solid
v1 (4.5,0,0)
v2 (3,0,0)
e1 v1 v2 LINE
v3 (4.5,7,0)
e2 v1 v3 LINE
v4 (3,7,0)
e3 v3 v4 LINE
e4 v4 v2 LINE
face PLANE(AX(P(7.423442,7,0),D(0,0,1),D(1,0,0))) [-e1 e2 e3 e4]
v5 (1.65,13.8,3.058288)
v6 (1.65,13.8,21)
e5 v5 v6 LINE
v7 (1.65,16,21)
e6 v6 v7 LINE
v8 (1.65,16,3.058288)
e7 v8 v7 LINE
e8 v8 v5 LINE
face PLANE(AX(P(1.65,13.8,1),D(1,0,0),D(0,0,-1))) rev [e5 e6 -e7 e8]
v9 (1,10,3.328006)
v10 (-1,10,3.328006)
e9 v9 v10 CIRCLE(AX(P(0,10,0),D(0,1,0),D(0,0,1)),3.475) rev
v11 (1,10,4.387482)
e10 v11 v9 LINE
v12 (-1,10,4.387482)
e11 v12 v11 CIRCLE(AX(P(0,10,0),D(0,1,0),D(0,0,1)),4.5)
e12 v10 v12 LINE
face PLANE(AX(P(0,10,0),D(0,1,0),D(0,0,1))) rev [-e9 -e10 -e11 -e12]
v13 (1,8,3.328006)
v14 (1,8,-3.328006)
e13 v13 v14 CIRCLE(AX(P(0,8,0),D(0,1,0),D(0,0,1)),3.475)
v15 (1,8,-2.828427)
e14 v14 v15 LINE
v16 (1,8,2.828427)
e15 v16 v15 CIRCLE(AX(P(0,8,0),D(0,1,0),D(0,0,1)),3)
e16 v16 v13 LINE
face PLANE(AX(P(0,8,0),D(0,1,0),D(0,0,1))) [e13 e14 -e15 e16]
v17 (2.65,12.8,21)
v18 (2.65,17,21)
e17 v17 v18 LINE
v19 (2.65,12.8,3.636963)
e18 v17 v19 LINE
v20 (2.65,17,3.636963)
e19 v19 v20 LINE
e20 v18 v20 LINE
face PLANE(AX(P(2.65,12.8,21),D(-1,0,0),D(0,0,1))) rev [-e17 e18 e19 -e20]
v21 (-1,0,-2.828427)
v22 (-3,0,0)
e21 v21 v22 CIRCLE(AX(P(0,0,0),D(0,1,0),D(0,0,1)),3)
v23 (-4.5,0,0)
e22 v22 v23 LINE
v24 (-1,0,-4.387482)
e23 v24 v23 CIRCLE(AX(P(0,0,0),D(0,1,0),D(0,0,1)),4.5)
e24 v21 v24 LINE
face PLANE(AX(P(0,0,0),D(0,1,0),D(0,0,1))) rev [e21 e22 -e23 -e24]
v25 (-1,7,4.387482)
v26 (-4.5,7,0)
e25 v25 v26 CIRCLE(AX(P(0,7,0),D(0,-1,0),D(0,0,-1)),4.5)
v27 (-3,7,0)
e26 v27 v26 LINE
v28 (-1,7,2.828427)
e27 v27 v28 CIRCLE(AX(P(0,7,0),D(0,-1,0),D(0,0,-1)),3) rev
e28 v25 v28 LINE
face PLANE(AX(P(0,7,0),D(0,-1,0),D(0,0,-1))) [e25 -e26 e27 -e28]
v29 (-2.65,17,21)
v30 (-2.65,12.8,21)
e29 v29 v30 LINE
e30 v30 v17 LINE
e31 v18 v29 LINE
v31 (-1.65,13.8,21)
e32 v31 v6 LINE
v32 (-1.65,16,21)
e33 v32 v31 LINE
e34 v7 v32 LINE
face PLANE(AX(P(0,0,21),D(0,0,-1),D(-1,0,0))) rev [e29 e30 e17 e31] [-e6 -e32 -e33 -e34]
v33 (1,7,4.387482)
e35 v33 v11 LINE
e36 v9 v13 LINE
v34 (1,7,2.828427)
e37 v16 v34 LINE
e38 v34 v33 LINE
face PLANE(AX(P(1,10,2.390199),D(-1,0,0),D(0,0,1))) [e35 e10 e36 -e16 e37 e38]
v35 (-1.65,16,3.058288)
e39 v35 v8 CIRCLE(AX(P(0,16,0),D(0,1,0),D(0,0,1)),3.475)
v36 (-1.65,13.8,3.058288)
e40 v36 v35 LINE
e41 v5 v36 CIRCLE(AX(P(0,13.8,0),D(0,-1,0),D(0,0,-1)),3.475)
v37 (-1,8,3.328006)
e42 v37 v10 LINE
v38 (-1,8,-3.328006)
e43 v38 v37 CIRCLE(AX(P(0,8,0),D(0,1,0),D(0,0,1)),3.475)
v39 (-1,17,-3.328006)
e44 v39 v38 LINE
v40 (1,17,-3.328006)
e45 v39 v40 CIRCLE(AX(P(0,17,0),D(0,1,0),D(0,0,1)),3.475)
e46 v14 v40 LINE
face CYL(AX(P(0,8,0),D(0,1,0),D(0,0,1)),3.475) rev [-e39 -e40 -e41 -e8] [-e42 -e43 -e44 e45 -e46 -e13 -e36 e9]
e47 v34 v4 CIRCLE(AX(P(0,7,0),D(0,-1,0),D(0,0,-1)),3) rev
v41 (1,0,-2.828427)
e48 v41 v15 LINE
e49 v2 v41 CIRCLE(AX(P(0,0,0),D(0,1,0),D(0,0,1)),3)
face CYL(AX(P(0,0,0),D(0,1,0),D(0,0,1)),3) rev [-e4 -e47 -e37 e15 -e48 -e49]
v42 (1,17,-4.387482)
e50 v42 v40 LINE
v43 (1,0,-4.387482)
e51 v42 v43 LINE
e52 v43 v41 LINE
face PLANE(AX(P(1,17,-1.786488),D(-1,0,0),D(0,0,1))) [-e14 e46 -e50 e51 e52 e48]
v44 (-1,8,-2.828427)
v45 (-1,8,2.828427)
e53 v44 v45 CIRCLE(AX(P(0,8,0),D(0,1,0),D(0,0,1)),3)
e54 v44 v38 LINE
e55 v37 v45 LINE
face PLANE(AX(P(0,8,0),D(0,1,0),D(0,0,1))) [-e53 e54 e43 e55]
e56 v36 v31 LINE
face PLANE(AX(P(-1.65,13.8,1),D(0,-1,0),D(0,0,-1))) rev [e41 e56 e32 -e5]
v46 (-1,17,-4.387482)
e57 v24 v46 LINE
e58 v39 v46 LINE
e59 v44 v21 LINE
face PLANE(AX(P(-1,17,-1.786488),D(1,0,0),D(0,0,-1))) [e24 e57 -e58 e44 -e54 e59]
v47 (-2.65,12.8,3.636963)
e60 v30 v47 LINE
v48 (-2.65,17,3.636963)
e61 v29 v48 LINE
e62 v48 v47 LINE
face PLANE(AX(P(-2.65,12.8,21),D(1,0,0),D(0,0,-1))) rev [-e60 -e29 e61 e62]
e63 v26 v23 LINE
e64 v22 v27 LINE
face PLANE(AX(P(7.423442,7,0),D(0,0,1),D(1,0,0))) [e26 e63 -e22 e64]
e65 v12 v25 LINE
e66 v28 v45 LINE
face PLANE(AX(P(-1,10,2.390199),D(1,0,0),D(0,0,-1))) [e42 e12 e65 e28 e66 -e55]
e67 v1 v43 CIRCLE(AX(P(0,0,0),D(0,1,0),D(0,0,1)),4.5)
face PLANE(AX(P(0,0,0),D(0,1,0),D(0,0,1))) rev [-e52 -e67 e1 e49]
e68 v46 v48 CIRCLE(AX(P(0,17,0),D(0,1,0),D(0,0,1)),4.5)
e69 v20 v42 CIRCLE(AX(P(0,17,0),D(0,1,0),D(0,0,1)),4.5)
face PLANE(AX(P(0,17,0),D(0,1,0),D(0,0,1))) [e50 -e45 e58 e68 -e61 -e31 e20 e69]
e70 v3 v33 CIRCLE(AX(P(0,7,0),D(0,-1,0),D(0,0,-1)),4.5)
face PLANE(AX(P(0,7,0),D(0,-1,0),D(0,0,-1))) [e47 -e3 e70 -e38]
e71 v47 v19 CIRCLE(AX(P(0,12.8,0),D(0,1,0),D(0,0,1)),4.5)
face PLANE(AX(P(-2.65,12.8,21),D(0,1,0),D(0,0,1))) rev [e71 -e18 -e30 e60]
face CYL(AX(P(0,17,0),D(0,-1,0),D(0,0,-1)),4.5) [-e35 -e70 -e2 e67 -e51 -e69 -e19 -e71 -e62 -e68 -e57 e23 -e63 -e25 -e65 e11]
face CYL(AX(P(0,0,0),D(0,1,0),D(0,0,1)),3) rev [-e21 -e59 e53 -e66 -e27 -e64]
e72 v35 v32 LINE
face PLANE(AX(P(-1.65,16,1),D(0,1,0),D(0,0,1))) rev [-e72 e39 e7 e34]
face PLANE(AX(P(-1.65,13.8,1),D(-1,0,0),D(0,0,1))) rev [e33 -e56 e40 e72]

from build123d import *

# Parameters (mm, degrees)
SKETCH5_R                = 4.5
BOSS_EXTRUDE2_DEPTH      = 17
SKETCH6_R                = 3.475
CUT_EXTRUDE2_DEPTH       = 9
SKETCH7_R                = 3
CUT_EXTRUDE3_DEPTH       = 9
SKETCH8_W                = 5.3
SKETCH8_H                = 4.2
BOSS_EXTRUDE3_DEPTH      = 18
SKETCH9_W                = 3.3
SKETCH9_H                = 2.2
CUT_EXTRUDE7_DEPTH       = 20
SKETCH22_W               = 2
SKETCH22_H               = 4.219602282
CUT_EXTRUDE17_DEPTH      = 10
SKETCH23_W               = 15.323048642
SKETCH23_H               = 5.208319784
CUT_EXTRUDE18_DEPTH      = 7
SKETCH24_W               = 2
SKETCH24_H               = 5.427023282
CUT_EXTRUDE19_DEPTH      = 18
CUT_EXTRUDE19_DEPTH_BACK = 1
SKETCH26_R               = 3.475
CUT_EXTRUDE21_DEPTH      = 7


with BuildPart() as part:
    # Sketch5 → Boss-Extrude2 (new body)
    with BuildSketch(Plane(origin=(0, 0, 0), x_dir=(1, 0, 0), z_dir=(0, 1, 0))):
        Circle(SKETCH5_R)
    extrude(amount=BOSS_EXTRUDE2_DEPTH)

    # Sketch6 → Cut-Extrude2 (cut)
    with BuildSketch(Plane(origin=(0, 17, 0), x_dir=(1, 0, 0), z_dir=(0, 1, 0))):
        Circle(SKETCH6_R)
    extrude(amount=-CUT_EXTRUDE2_DEPTH, mode=Mode.SUBTRACT)

    # Sketch7 → Cut-Extrude3 (cut, through all)
    with BuildSketch(Plane(origin=(0, 8, 0), x_dir=(1, 0, 0), z_dir=(0, 1, 0))):
        Circle(SKETCH7_R)
    extrude(amount=-CUT_EXTRUDE3_DEPTH, mode=Mode.SUBTRACT)

    # Sketch8 → Boss-Extrude3 (add)
    with BuildSketch(Plane.XY.offset(3)):
        with Locations((0, 14.9)):
            Rectangle(SKETCH8_W, SKETCH8_H)
    extrude(amount=BOSS_EXTRUDE3_DEPTH)

    # Sketch9 → Cut-Extrude7 (cut)
    with BuildSketch(Plane.XY.offset(21)):
        with Locations((0, 14.9)):
            Rectangle(SKETCH9_W, SKETCH9_H)
    extrude(amount=-CUT_EXTRUDE7_DEPTH, mode=Mode.SUBTRACT)

    # Sketch22 → Cut-Extrude17 (cut)
    with BuildSketch(Plane(origin=(0, 0, 0), x_dir=(1, 0, 0), z_dir=(0, 1, 0))):
        with Locations((0, -4.5)):
            Rectangle(SKETCH22_W, SKETCH22_H)
    extrude(amount=CUT_EXTRUDE17_DEPTH, mode=Mode.SUBTRACT)

    # Sketch23 → Cut-Extrude18 (cut)
    with BuildSketch(Plane(origin=(0, 0, 0), x_dir=(1, 0, 0), z_dir=(0, 1, 0))):
        with Locations((-0.238082605, -2.604159892)):
            Rectangle(SKETCH23_W, SKETCH23_H)
    extrude(amount=CUT_EXTRUDE18_DEPTH, mode=Mode.SUBTRACT)

    # Sketch24 → Cut-Extrude19 (cut, two sides)
    with BuildSketch(Plane(origin=(0, 0, 0), x_dir=(1, 0, 0), z_dir=(0, 1, 0))) as cut_extrude19_sk:
        with Locations((0, 4.5)):
            Rectangle(SKETCH24_W, SKETCH24_H)
    extrude(amount=CUT_EXTRUDE19_DEPTH, mode=Mode.SUBTRACT)
    extrude(cut_extrude19_sk.sketch, amount=-CUT_EXTRUDE19_DEPTH_BACK, mode=Mode.SUBTRACT)

    # Sketch26 → Cut-Extrude21 (cut)
    with BuildSketch(Plane(origin=(0, 17, 0), x_dir=(1, 0, 0), z_dir=(0, 1, 0))):
        Circle(SKETCH26_R)
    extrude(amount=-CUT_EXTRUDE21_DEPTH, mode=Mode.SUBTRACT)


solid = part.part
